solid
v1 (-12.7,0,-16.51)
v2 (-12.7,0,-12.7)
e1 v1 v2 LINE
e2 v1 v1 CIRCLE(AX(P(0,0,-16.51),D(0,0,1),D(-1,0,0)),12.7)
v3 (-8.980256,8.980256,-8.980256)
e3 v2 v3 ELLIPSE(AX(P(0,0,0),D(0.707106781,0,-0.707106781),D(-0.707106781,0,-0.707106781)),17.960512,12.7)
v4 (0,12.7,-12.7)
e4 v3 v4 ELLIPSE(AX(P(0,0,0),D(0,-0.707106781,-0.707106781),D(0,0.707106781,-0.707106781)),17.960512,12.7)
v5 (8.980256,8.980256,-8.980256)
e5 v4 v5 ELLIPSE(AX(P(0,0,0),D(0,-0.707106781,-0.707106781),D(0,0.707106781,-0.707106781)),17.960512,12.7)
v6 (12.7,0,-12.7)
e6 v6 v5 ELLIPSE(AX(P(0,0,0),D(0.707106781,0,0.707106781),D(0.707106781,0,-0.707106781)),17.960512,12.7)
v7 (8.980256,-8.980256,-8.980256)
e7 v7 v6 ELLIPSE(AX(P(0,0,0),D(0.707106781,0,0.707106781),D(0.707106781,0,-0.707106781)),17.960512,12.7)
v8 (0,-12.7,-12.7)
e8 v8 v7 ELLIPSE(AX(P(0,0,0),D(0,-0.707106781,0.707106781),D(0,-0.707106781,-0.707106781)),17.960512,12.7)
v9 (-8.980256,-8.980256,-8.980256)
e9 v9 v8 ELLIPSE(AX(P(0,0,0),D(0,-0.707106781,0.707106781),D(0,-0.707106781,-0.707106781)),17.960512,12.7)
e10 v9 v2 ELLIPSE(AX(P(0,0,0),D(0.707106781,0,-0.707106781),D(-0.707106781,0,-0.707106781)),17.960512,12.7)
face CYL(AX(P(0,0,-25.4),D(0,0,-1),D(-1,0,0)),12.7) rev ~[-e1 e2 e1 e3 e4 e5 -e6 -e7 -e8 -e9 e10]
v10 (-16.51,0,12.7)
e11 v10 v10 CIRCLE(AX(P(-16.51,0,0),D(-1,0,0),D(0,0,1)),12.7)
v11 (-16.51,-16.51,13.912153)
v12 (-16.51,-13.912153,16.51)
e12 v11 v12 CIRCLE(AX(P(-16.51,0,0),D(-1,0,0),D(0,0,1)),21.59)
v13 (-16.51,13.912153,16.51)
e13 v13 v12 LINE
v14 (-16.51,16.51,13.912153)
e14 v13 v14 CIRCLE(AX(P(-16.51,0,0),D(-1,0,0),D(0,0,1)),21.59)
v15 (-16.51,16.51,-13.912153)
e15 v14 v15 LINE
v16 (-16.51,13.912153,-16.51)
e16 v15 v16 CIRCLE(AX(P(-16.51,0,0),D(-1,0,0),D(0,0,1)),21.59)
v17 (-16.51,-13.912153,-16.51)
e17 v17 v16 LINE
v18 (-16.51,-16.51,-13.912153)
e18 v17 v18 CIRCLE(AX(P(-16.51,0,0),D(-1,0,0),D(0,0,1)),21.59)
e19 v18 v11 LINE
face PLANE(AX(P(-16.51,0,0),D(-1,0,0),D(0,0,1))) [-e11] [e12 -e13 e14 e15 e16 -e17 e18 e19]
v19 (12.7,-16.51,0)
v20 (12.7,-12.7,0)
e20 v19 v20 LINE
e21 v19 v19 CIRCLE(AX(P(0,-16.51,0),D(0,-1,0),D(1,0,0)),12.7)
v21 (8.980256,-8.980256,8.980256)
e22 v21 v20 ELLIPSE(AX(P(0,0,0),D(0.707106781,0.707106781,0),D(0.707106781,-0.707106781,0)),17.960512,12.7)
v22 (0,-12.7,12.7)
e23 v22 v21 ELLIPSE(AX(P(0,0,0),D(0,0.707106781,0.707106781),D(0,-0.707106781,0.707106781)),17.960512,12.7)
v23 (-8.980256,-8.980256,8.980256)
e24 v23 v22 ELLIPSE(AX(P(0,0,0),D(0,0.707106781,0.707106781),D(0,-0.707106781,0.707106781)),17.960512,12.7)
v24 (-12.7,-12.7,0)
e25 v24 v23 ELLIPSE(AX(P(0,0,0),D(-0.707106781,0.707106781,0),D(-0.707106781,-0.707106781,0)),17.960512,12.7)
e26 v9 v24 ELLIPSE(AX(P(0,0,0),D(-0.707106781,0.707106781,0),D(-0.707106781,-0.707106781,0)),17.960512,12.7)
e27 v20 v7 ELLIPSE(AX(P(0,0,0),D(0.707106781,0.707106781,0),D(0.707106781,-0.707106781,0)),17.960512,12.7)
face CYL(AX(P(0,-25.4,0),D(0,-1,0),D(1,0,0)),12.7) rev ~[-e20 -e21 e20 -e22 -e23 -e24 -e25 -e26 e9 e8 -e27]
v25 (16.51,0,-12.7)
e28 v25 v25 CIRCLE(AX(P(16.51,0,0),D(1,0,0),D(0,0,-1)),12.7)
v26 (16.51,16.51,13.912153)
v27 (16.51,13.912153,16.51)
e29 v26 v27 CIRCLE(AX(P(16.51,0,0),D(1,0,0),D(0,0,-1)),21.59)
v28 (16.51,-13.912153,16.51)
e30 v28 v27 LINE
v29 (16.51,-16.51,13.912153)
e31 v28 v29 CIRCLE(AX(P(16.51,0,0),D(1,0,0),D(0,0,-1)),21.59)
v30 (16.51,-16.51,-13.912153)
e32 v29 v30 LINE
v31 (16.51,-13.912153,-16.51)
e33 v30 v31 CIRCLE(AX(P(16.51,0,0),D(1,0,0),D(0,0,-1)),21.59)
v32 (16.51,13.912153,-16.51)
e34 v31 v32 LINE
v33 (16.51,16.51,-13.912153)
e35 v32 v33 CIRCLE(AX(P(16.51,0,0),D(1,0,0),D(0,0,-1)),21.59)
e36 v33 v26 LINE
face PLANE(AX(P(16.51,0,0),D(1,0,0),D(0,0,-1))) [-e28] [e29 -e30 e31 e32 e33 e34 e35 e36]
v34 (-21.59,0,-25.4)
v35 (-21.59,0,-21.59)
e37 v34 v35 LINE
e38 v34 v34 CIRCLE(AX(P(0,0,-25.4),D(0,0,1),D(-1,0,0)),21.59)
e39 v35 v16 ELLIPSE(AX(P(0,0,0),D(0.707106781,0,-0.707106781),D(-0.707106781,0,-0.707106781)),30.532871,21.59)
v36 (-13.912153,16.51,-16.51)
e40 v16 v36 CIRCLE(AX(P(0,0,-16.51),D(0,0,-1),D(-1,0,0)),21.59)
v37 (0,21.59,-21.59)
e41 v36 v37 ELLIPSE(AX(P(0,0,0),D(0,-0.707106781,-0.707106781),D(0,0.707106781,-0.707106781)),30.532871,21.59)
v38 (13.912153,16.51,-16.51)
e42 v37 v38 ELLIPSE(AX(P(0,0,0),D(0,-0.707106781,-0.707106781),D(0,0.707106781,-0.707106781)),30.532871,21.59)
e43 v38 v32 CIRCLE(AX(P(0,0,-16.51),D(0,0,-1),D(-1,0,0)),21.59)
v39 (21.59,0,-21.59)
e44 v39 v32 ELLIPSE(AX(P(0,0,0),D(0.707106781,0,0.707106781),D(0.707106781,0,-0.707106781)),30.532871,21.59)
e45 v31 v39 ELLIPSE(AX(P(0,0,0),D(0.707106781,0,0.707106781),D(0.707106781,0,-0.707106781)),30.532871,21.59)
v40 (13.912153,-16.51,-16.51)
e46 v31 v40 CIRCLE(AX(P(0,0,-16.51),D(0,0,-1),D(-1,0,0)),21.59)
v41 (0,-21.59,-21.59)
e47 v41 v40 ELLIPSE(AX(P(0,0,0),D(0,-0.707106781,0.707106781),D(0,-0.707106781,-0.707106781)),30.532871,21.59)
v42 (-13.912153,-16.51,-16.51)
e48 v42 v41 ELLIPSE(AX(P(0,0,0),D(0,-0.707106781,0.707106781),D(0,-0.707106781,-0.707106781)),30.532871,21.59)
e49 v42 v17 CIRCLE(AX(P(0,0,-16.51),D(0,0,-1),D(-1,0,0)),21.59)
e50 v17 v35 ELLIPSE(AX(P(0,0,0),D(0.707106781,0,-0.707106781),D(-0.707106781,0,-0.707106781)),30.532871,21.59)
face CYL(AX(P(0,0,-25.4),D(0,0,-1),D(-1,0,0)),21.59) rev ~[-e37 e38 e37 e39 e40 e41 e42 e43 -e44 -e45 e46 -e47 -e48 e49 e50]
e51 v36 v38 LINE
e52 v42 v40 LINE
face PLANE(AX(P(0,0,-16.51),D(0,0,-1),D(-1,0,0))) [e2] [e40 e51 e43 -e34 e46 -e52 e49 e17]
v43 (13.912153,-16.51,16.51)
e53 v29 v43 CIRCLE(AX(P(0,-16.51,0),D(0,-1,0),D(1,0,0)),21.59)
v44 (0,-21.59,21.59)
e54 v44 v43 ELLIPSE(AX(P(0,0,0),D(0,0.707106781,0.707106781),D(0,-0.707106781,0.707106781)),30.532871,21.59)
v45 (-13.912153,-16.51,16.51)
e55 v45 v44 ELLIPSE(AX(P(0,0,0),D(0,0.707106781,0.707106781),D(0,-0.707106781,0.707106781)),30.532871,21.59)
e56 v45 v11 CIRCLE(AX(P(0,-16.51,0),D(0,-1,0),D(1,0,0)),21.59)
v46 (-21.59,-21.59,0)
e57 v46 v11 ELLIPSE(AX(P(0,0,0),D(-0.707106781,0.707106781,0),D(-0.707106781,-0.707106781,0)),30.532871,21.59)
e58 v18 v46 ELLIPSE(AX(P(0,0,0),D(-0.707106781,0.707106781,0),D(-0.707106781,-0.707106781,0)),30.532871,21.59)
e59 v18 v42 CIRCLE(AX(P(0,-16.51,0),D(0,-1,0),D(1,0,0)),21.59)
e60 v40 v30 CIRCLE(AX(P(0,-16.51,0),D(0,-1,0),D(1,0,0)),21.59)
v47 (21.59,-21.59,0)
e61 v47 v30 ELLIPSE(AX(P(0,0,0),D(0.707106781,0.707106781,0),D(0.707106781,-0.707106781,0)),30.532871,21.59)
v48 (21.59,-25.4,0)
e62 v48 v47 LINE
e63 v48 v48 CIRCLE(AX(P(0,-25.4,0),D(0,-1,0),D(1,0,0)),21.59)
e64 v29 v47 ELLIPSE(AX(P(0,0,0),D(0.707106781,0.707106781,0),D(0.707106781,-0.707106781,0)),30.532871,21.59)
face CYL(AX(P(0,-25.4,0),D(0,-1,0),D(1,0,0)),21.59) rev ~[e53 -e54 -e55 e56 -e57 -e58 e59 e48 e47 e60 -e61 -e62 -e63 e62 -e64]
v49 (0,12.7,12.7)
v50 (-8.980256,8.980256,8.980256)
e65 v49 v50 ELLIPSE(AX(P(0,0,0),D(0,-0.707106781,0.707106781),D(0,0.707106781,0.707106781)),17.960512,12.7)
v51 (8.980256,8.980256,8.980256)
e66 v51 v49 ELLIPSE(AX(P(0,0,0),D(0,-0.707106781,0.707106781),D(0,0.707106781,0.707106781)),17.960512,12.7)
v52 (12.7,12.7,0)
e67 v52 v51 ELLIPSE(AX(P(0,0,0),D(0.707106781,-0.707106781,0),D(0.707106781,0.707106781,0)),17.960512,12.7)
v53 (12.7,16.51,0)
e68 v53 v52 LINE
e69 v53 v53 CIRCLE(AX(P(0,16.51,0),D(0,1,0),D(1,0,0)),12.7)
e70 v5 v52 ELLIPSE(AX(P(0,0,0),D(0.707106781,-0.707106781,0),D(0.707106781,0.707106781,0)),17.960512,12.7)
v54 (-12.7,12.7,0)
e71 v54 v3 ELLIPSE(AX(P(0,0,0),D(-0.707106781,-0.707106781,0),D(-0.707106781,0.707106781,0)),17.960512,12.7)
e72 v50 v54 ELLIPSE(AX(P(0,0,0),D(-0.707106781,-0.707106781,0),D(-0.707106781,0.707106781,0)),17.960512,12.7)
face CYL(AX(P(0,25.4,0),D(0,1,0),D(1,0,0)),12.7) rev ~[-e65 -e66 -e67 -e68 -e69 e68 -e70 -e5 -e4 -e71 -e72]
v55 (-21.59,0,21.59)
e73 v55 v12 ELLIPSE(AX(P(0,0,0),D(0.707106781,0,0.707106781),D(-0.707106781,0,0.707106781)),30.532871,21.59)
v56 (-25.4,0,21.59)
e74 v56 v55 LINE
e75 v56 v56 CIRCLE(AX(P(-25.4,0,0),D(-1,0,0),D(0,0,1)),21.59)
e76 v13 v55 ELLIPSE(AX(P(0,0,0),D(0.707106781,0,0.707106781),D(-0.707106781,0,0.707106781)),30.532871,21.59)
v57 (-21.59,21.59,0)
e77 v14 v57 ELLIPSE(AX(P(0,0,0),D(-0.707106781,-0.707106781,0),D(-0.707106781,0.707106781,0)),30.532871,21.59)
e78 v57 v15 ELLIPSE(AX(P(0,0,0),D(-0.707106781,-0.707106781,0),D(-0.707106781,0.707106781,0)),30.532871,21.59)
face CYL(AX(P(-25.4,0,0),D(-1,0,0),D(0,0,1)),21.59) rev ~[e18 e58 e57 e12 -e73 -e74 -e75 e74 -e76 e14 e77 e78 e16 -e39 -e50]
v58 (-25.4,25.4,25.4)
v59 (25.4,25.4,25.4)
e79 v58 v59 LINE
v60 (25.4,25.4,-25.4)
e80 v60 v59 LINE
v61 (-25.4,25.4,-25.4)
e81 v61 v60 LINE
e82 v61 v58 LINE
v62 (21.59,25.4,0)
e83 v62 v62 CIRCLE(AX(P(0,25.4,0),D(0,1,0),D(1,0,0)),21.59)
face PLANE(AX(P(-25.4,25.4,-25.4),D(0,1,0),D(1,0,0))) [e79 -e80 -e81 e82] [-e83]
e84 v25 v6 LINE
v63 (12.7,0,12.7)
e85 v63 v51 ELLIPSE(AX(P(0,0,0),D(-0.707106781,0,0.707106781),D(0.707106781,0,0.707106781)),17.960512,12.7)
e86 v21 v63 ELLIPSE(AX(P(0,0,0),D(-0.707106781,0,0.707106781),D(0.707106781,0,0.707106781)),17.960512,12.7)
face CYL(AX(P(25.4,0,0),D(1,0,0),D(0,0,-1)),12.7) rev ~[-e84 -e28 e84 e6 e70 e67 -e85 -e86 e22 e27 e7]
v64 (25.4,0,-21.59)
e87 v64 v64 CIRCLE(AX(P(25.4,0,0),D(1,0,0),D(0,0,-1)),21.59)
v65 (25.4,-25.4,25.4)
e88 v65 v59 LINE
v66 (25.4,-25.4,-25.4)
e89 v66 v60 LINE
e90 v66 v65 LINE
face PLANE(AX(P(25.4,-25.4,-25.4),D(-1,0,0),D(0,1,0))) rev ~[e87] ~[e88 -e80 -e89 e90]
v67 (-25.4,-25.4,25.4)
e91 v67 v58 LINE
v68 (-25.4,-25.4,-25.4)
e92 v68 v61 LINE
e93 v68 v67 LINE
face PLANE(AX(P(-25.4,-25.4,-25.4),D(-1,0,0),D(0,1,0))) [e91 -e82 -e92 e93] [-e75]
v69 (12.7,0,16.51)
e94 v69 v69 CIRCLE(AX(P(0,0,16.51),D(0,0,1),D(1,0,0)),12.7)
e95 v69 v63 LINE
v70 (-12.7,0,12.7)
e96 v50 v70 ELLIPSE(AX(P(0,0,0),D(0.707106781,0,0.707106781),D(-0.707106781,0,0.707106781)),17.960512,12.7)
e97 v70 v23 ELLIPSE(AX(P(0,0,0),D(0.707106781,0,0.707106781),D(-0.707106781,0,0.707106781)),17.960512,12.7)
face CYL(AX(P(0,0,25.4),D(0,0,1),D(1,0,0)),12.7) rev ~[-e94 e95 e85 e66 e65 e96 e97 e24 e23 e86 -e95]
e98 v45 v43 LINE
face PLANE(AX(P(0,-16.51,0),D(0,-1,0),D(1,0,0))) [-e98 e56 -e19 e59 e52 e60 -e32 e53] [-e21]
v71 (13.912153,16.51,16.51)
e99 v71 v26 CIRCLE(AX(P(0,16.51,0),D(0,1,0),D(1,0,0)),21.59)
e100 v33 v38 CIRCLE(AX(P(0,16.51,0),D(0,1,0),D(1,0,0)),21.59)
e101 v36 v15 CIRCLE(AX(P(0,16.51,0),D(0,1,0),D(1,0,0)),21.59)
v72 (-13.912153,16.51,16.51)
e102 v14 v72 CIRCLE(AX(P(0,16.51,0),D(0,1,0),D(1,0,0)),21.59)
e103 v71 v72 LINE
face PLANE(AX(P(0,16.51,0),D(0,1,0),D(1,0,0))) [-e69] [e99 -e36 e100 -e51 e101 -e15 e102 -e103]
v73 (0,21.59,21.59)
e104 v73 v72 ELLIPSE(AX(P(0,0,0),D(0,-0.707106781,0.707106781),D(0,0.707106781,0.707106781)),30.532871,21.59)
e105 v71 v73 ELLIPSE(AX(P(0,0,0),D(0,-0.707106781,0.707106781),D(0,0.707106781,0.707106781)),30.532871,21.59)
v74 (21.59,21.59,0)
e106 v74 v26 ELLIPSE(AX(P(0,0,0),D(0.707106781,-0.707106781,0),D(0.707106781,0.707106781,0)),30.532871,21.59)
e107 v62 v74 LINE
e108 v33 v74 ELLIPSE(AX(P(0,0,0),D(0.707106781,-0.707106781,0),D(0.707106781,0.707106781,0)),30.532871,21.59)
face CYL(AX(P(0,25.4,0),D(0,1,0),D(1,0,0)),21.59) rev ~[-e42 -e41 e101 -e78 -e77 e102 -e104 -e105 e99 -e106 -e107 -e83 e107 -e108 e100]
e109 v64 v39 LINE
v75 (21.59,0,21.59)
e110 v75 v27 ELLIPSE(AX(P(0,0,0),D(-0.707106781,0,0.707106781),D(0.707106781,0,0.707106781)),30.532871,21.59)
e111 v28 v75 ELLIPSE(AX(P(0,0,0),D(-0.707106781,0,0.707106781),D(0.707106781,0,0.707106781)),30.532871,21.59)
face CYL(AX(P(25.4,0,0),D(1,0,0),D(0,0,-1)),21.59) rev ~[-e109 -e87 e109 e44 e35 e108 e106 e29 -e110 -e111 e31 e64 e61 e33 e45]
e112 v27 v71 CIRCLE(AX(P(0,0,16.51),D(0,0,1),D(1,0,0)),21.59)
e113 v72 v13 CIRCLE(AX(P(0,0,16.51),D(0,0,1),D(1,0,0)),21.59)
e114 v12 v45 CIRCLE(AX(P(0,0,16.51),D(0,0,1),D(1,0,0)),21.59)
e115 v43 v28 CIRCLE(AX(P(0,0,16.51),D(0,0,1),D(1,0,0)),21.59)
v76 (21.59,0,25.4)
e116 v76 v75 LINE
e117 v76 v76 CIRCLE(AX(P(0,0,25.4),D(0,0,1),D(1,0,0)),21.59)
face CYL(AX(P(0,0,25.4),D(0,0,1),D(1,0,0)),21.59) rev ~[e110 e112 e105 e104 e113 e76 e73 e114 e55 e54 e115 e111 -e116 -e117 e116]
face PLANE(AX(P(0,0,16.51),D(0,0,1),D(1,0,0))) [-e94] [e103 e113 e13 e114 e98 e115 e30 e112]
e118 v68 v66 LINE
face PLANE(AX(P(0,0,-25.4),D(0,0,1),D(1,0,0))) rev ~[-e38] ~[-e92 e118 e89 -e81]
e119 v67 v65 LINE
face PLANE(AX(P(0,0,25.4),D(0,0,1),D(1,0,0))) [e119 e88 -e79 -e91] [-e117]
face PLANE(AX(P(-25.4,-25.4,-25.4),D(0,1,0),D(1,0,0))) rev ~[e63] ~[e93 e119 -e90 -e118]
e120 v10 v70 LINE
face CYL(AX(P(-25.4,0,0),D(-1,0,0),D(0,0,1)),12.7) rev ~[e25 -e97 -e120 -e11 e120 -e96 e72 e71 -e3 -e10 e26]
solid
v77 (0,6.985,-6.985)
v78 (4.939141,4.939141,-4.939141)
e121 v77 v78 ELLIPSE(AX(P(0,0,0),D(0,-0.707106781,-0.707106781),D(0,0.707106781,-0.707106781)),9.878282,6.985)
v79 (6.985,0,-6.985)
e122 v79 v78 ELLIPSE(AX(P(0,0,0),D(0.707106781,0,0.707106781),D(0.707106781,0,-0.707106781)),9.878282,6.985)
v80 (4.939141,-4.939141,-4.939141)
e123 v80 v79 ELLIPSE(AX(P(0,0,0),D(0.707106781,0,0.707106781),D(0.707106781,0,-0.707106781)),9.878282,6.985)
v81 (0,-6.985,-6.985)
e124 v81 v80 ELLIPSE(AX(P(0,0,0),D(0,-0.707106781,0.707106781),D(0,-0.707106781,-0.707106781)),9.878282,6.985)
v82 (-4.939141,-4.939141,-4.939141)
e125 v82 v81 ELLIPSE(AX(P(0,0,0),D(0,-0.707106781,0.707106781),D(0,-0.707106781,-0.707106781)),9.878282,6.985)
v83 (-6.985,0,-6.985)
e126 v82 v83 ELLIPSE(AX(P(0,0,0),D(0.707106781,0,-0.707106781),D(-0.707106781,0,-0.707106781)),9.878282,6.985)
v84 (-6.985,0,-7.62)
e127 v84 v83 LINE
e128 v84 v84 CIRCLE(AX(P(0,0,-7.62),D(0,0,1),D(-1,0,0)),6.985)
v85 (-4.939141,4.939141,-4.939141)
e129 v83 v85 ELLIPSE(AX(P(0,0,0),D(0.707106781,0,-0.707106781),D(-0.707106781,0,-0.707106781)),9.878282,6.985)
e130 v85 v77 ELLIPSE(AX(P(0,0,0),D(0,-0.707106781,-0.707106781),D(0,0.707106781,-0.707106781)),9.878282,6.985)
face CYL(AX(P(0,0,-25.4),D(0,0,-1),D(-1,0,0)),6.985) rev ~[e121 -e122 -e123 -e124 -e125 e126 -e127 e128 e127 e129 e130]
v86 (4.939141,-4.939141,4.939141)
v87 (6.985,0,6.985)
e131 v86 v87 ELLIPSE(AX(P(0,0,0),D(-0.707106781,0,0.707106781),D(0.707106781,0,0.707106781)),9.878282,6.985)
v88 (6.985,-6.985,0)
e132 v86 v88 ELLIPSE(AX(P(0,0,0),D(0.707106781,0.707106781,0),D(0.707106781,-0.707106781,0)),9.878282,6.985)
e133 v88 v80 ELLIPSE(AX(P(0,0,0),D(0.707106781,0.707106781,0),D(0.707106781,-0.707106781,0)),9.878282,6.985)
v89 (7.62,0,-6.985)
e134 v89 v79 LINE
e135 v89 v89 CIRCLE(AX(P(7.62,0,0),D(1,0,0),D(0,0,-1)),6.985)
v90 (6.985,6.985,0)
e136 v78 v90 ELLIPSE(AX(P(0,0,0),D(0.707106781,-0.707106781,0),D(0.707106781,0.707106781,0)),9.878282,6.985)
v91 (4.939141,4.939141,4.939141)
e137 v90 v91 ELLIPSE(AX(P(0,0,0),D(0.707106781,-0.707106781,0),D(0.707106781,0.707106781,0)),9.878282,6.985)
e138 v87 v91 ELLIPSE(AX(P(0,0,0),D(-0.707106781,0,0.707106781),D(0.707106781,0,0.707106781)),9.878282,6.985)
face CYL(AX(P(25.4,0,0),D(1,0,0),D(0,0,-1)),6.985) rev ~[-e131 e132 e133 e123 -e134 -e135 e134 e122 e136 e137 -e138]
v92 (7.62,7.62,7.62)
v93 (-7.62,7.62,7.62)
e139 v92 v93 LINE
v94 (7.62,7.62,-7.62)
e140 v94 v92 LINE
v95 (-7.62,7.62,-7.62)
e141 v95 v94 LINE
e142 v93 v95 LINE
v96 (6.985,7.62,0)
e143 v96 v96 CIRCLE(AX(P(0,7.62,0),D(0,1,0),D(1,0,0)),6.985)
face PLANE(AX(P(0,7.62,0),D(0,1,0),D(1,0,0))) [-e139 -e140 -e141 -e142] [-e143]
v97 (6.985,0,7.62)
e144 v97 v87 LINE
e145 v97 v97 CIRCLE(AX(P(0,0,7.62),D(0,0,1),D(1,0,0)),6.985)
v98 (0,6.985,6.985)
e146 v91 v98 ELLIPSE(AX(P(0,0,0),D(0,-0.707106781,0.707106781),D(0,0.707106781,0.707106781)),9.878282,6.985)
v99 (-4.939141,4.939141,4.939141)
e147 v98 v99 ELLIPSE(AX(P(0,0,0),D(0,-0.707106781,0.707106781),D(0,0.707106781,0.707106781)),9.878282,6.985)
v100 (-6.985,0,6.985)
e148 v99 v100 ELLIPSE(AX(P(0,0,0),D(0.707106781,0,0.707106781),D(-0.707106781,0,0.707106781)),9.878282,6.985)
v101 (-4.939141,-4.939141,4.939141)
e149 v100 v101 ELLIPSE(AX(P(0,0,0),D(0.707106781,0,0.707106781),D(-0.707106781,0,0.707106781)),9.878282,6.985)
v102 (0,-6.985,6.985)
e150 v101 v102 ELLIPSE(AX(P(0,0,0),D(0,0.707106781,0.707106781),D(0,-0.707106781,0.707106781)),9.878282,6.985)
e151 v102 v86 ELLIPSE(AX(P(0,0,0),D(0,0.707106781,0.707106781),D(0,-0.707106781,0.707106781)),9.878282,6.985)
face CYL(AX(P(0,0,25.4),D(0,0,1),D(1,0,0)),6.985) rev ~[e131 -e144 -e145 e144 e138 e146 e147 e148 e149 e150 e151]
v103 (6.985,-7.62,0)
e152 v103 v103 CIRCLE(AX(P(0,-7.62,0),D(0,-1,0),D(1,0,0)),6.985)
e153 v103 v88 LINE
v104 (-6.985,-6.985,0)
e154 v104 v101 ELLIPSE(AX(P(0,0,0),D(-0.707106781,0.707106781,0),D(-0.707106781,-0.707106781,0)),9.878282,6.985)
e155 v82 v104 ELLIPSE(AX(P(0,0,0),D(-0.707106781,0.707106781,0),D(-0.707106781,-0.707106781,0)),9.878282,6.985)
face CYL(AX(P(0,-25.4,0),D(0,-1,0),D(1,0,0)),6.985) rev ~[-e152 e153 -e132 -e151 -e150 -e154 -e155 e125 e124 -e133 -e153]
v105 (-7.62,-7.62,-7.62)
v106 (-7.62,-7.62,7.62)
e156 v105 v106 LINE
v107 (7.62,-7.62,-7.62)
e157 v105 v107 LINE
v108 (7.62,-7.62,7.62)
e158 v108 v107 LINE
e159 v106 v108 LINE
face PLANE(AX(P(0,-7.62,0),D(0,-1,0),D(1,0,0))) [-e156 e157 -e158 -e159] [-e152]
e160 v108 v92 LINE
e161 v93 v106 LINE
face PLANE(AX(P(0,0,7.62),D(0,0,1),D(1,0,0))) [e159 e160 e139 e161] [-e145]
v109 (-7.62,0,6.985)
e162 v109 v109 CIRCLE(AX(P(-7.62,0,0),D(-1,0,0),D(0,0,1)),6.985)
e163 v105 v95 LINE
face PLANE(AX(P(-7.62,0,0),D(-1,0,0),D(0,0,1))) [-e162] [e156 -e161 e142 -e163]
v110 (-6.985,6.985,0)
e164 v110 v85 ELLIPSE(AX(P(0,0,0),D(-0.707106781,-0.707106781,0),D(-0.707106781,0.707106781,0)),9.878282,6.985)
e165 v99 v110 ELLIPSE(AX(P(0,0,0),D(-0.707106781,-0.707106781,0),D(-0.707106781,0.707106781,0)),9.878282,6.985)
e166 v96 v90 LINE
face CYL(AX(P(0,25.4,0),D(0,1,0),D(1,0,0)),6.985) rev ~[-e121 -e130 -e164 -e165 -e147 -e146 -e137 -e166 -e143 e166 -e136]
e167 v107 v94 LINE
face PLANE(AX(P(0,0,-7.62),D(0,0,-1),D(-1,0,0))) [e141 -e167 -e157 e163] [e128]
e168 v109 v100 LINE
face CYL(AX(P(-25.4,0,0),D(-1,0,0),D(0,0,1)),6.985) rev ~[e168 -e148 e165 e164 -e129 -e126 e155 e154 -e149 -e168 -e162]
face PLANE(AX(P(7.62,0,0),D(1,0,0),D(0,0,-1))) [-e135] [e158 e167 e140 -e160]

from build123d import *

# Parameters (mm, degrees)
BOSS_EXTRUDE1_DEPTH      = 25.4
BOSS_EXTRUDE1_DEPTH_BACK = 25.4
SKETCH3_W                = 50.8
SKETCH3_H                = 50.8
SKETCH4_R                = 21.59
CUT_EXTRUDE1_DEPTH       = 8.89
SKETCH5_R                = 12.7
CUT_EXTRUDE2_DEPTH       = 17.78
SKETCH6_R                = 6.985
CUT_EXTRUDE3_DEPTH       = 25.4
CIRPATTERN1_COUNT        = 4
CIRPATTERN6_COUNT        = 4


with BuildPart() as part:
    # Sketch3 → Boss-Extrude1 (new, two sides: drawn at the far end of the back side and taken through both)
    with BuildSketch(Plane.XY.offset(-BOSS_EXTRUDE1_DEPTH_BACK)):
        Rectangle(SKETCH3_W, SKETCH3_H)
    extrude(amount=BOSS_EXTRUDE1_DEPTH + BOSS_EXTRUDE1_DEPTH_BACK)

    # Sketch4 → Cut-Extrude1 (cut)
    with BuildSketch(Plane.XY.offset(25.4)):
        Circle(SKETCH4_R)
    cut_extrude1 = extrude(amount=-CUT_EXTRUDE1_DEPTH, mode=Mode.SUBTRACT)

    # Sketch5 → Cut-Extrude2 (cut)
    with BuildSketch(Plane.XY.offset(25.4)):
        Circle(SKETCH5_R)
    cut_extrude2 = extrude(amount=-CUT_EXTRUDE2_DEPTH, mode=Mode.SUBTRACT)

    # Sketch6 → Cut-Extrude3 (cut)
    with BuildSketch(Plane.XY.offset(25.4)):
        Circle(SKETCH6_R)
    cut_extrude3 = extrude(amount=-CUT_EXTRUDE3_DEPTH, mode=Mode.SUBTRACT)

    # CirPattern1: Cut-Extrude1, Cut-Extrude2, Cut-Extrude3 ×4 about axis
    cirpattern1_axis = Axis((0, 0, 0), (0, 1, 0))
    add([cut_extrude1.rotate(cirpattern1_axis, i * 360 / CIRPATTERN1_COUNT) for i in range(1, CIRPATTERN1_COUNT)], mode=Mode.SUBTRACT)
    add([cut_extrude2.rotate(cirpattern1_axis, i * 360 / CIRPATTERN1_COUNT) for i in range(1, CIRPATTERN1_COUNT)], mode=Mode.SUBTRACT)
    add([cut_extrude3.rotate(cirpattern1_axis, i * 360 / CIRPATTERN1_COUNT) for i in range(1, CIRPATTERN1_COUNT)], mode=Mode.SUBTRACT)

    # CirPattern6: Cut-Extrude1, Cut-Extrude2, Cut-Extrude3 ×4 about axis
    cirpattern6_axis = Axis((0, 0, 0), (1, 0, 0))
    add([cut_extrude1.rotate(cirpattern6_axis, i * 360 / CIRPATTERN6_COUNT) for i in range(1, CIRPATTERN6_COUNT)], mode=Mode.SUBTRACT)
    add([cut_extrude2.rotate(cirpattern6_axis, i * 360 / CIRPATTERN6_COUNT) for i in range(1, CIRPATTERN6_COUNT)], mode=Mode.SUBTRACT)
    add([cut_extrude3.rotate(cirpattern6_axis, i * 360 / CIRPATTERN6_COUNT) for i in range(1, CIRPATTERN6_COUNT)], mode=Mode.SUBTRACT)


solid = part.part
